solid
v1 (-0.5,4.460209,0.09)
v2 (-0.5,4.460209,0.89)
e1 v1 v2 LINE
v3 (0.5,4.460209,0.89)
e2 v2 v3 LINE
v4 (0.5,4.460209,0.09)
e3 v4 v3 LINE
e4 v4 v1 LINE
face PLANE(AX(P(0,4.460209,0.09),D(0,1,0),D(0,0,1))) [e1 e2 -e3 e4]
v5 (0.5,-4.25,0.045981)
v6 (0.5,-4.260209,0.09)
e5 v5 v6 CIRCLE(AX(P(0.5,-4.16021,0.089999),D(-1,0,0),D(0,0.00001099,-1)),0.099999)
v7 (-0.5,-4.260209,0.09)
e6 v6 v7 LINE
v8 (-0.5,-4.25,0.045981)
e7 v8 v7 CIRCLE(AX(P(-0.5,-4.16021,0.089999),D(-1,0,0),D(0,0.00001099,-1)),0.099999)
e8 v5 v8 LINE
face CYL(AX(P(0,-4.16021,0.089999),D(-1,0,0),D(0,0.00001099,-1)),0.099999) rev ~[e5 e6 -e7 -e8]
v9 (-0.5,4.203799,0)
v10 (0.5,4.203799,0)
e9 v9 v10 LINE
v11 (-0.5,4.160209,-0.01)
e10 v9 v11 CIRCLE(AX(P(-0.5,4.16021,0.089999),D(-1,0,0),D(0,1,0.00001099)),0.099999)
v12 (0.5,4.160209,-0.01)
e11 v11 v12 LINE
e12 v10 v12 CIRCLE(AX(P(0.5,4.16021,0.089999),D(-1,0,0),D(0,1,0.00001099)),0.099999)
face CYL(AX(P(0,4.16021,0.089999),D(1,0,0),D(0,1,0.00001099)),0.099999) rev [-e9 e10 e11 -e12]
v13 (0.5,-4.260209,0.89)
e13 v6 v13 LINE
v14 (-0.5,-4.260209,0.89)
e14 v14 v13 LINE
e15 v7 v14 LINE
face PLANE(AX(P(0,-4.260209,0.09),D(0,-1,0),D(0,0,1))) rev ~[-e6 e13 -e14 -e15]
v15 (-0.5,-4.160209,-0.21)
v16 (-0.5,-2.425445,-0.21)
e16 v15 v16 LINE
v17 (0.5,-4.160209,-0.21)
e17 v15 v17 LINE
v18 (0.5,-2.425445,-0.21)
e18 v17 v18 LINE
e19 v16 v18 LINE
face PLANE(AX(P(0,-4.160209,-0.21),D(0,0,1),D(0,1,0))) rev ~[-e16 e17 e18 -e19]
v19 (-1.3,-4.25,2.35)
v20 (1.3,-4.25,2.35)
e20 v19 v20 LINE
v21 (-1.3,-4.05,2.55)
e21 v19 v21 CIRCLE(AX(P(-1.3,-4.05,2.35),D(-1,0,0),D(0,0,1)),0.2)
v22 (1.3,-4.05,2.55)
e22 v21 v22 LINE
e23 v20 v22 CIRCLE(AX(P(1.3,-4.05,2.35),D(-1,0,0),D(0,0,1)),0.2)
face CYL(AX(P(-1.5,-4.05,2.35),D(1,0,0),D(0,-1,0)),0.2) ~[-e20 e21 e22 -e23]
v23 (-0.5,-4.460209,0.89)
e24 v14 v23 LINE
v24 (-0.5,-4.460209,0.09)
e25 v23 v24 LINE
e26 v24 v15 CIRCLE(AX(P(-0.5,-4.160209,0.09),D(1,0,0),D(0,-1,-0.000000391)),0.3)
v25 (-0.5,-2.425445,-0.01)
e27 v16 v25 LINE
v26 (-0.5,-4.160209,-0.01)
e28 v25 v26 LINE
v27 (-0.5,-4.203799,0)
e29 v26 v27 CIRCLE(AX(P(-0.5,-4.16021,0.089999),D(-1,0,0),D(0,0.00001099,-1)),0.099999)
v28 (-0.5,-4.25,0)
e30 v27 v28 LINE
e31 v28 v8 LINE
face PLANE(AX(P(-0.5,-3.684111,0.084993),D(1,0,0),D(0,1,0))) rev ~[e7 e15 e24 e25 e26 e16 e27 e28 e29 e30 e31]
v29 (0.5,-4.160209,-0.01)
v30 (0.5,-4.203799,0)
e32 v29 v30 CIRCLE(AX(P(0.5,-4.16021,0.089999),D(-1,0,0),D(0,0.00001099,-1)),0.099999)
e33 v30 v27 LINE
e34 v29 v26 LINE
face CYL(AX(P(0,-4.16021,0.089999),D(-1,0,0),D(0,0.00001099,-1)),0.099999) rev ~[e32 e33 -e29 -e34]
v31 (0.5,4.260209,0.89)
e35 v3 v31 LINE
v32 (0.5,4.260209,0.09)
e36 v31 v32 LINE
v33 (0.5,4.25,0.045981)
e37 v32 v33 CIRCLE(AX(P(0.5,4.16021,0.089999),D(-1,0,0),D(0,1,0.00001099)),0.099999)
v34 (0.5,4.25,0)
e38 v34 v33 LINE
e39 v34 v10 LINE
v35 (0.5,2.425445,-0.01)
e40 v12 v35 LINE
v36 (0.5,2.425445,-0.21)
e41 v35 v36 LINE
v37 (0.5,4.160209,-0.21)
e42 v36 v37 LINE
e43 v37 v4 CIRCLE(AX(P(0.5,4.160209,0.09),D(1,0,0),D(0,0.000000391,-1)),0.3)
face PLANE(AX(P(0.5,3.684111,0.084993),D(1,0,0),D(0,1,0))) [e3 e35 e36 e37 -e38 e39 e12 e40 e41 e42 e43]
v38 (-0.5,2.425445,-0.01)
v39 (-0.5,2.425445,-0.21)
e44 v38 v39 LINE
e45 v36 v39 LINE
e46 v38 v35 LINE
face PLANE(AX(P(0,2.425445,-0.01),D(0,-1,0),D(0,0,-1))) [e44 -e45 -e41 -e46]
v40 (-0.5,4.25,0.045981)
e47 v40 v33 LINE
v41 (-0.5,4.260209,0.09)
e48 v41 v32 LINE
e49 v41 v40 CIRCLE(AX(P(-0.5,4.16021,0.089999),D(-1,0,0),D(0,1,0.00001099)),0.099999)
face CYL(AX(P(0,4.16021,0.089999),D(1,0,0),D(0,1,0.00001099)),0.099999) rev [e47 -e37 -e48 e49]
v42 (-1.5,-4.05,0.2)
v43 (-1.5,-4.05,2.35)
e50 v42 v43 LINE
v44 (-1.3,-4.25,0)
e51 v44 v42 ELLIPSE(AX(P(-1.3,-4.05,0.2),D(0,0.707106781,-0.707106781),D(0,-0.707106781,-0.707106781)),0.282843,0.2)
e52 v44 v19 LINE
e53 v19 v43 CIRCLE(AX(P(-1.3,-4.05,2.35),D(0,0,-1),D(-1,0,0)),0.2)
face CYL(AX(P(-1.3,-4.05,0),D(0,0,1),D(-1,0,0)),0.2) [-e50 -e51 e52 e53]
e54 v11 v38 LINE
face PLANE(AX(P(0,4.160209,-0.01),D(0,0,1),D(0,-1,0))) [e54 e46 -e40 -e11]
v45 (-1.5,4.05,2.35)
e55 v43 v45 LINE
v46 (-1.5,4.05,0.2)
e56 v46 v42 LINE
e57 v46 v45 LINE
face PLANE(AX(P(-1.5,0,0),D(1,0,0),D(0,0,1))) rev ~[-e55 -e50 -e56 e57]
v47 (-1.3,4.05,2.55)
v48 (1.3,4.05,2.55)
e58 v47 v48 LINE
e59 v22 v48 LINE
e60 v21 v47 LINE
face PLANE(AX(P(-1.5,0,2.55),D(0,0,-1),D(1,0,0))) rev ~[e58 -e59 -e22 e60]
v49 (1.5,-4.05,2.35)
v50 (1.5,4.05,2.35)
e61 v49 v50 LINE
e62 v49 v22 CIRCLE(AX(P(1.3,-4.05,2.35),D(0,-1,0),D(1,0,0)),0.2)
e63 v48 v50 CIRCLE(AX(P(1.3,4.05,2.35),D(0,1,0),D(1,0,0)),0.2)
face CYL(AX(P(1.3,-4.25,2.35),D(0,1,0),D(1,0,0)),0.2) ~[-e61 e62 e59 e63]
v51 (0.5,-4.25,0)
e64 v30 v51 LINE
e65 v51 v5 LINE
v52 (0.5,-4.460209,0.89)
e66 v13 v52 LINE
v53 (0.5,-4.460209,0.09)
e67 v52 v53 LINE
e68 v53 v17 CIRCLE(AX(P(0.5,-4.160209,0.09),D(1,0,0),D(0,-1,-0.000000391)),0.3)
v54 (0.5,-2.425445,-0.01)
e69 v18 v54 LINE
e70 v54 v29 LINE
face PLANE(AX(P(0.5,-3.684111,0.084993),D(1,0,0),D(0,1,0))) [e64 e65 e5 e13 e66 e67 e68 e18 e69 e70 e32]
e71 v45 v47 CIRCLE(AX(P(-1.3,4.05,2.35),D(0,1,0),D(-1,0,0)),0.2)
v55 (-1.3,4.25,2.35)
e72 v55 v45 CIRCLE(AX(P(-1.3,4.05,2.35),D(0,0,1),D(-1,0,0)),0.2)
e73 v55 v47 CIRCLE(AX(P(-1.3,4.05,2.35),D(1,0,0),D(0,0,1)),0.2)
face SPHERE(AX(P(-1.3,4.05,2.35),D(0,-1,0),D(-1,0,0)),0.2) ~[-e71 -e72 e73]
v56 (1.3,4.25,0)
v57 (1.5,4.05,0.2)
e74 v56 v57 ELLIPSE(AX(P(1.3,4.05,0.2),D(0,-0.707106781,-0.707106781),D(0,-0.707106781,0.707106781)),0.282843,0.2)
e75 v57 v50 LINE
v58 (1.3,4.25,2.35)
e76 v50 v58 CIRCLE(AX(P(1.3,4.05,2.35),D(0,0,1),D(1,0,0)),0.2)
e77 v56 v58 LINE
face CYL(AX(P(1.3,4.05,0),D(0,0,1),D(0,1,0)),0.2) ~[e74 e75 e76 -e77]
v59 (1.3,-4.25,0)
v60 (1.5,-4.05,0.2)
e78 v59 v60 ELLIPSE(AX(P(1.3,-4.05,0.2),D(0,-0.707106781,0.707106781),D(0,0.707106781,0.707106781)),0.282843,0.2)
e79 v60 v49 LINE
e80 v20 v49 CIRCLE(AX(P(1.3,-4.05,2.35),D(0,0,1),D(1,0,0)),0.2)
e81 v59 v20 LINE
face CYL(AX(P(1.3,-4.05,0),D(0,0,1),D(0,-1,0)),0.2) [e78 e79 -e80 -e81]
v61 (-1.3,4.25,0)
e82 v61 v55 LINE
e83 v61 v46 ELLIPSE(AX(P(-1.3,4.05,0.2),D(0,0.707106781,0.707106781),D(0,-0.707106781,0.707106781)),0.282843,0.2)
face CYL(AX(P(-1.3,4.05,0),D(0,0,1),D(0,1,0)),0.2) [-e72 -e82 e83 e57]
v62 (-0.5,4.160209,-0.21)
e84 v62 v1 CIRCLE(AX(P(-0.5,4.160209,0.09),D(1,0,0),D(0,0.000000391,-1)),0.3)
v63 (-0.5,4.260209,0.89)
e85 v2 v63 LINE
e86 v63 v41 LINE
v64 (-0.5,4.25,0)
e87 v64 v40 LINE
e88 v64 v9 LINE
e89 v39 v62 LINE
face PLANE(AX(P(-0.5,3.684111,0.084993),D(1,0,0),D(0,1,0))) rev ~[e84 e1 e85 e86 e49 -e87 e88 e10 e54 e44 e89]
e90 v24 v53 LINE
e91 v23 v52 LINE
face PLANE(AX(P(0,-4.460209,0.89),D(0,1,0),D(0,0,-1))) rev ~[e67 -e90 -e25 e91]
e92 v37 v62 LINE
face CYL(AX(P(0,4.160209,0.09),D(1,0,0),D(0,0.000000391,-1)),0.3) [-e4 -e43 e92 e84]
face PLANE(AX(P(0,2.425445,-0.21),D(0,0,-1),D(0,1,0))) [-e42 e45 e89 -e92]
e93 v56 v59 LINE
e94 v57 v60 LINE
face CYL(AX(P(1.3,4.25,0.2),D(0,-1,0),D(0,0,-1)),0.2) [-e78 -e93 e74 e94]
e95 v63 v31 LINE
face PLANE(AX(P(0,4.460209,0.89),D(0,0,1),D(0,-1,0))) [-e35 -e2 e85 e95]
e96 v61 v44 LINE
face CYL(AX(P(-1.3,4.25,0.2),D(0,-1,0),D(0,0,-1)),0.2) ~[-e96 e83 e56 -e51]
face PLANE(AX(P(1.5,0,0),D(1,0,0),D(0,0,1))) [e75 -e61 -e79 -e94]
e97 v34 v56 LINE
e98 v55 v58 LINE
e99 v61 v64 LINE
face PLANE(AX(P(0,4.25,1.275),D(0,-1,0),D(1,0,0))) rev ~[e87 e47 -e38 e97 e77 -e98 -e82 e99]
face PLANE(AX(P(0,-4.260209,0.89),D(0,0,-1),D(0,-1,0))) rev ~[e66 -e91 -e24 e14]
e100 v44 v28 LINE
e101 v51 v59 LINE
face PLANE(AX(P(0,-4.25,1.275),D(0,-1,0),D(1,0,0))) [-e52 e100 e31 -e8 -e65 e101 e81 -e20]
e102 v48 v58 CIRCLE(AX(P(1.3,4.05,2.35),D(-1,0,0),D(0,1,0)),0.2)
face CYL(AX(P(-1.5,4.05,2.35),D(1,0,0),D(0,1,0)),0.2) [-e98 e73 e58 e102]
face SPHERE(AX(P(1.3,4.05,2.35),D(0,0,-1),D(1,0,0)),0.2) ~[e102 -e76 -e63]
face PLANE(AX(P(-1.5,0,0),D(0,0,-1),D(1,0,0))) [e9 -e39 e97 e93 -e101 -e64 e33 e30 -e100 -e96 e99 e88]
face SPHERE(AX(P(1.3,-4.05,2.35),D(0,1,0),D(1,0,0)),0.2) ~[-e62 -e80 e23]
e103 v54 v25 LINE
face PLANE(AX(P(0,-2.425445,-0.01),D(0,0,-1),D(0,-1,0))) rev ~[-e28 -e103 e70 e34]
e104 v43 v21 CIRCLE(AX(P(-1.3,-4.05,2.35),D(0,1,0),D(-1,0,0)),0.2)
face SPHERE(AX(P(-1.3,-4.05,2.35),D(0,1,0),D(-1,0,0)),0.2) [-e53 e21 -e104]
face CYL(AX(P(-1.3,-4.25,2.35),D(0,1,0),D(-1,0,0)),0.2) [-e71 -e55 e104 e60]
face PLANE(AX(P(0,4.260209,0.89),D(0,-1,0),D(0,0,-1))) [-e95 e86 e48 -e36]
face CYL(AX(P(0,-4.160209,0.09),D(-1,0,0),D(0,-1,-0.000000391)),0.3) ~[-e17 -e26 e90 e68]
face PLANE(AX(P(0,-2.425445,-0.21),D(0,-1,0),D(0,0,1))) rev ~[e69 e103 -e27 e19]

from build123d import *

# Parameters (mm, degrees)
F0_W     = 3
F0_H     = 2.55
F1_DEPTH = 4.25
F3_DEPTH = 0.5
F4_R     = 0.2


with BuildPart() as f1:
    # F0 (on Front) → F1 (new body, symmetric)
    with BuildSketch(Plane.XZ):
        with Locations((0, 1.275)):
            Rectangle(F0_W, F0_H)
    extrude(amount=F1_DEPTH, both=True)

    # F2 (on Right) → F3 (join, symmetric)
    with BuildSketch(Plane.YZ):
        with BuildLine():
            Line((-4.260209, 0.09), (-4.260209, 0.89))
            Line((-4.260209, 0.89), (-4.460209, 0.89))
            Line((-4.460209, 0.89), (-4.460209, 0.09))
            ThreePointArc((-4.460209, 0.09), (-4.372341, -0.122132), (-4.160209, -0.21))
            Line((-4.160209, -0.21), (-2.425445, -0.21))
            Line((-2.425445, -0.21), (-2.425445, -0.01))
            Line((-2.425445, -0.01), (-4.160209, -0.01))
            ThreePointArc((-4.160209, -0.01), (-4.23092, 0.019289), (-4.260209, 0.09))
        make_face()
        with BuildLine():
            Line((4.460209, 0.09), (4.460209, 0.89))
            Line((4.460209, 0.89), (4.260209, 0.89))
            Line((4.260209, 0.89), (4.260209, 0.09))
            ThreePointArc((4.260209, 0.09), (4.23092, 0.019289), (4.160209, -0.01))
            Line((4.160209, -0.01), (2.425445, -0.01))
            Line((2.425445, -0.01), (2.425445, -0.21))
            Line((2.425445, -0.21), (4.160209, -0.21))
            ThreePointArc((4.160209, -0.21), (4.372341, -0.122132), (4.460209, 0.09))
        make_face()
    extrude(amount=F3_DEPTH, both=True)

    # F4
    f4_edges = [f1.edges().sort_by_distance(p)[0] for p in [
        (1.5, 4.25, 1.275),
        (1.5, 0, 2.55),
        (1.5, -4.25, 1.275),
        (1.5, 0, 0),
        (-1.5, 0, 2.55),
        (-1.5, 4.25, 1.275),
        (-1.5, 0, 0),
        (-1.5, -4.25, 1.275),
        (0, 4.25, 2.55),
        (0, -4.25, 2.55),
    ]]
    fillet(f4_edges, radius=F4_R)


solid = f1.part
